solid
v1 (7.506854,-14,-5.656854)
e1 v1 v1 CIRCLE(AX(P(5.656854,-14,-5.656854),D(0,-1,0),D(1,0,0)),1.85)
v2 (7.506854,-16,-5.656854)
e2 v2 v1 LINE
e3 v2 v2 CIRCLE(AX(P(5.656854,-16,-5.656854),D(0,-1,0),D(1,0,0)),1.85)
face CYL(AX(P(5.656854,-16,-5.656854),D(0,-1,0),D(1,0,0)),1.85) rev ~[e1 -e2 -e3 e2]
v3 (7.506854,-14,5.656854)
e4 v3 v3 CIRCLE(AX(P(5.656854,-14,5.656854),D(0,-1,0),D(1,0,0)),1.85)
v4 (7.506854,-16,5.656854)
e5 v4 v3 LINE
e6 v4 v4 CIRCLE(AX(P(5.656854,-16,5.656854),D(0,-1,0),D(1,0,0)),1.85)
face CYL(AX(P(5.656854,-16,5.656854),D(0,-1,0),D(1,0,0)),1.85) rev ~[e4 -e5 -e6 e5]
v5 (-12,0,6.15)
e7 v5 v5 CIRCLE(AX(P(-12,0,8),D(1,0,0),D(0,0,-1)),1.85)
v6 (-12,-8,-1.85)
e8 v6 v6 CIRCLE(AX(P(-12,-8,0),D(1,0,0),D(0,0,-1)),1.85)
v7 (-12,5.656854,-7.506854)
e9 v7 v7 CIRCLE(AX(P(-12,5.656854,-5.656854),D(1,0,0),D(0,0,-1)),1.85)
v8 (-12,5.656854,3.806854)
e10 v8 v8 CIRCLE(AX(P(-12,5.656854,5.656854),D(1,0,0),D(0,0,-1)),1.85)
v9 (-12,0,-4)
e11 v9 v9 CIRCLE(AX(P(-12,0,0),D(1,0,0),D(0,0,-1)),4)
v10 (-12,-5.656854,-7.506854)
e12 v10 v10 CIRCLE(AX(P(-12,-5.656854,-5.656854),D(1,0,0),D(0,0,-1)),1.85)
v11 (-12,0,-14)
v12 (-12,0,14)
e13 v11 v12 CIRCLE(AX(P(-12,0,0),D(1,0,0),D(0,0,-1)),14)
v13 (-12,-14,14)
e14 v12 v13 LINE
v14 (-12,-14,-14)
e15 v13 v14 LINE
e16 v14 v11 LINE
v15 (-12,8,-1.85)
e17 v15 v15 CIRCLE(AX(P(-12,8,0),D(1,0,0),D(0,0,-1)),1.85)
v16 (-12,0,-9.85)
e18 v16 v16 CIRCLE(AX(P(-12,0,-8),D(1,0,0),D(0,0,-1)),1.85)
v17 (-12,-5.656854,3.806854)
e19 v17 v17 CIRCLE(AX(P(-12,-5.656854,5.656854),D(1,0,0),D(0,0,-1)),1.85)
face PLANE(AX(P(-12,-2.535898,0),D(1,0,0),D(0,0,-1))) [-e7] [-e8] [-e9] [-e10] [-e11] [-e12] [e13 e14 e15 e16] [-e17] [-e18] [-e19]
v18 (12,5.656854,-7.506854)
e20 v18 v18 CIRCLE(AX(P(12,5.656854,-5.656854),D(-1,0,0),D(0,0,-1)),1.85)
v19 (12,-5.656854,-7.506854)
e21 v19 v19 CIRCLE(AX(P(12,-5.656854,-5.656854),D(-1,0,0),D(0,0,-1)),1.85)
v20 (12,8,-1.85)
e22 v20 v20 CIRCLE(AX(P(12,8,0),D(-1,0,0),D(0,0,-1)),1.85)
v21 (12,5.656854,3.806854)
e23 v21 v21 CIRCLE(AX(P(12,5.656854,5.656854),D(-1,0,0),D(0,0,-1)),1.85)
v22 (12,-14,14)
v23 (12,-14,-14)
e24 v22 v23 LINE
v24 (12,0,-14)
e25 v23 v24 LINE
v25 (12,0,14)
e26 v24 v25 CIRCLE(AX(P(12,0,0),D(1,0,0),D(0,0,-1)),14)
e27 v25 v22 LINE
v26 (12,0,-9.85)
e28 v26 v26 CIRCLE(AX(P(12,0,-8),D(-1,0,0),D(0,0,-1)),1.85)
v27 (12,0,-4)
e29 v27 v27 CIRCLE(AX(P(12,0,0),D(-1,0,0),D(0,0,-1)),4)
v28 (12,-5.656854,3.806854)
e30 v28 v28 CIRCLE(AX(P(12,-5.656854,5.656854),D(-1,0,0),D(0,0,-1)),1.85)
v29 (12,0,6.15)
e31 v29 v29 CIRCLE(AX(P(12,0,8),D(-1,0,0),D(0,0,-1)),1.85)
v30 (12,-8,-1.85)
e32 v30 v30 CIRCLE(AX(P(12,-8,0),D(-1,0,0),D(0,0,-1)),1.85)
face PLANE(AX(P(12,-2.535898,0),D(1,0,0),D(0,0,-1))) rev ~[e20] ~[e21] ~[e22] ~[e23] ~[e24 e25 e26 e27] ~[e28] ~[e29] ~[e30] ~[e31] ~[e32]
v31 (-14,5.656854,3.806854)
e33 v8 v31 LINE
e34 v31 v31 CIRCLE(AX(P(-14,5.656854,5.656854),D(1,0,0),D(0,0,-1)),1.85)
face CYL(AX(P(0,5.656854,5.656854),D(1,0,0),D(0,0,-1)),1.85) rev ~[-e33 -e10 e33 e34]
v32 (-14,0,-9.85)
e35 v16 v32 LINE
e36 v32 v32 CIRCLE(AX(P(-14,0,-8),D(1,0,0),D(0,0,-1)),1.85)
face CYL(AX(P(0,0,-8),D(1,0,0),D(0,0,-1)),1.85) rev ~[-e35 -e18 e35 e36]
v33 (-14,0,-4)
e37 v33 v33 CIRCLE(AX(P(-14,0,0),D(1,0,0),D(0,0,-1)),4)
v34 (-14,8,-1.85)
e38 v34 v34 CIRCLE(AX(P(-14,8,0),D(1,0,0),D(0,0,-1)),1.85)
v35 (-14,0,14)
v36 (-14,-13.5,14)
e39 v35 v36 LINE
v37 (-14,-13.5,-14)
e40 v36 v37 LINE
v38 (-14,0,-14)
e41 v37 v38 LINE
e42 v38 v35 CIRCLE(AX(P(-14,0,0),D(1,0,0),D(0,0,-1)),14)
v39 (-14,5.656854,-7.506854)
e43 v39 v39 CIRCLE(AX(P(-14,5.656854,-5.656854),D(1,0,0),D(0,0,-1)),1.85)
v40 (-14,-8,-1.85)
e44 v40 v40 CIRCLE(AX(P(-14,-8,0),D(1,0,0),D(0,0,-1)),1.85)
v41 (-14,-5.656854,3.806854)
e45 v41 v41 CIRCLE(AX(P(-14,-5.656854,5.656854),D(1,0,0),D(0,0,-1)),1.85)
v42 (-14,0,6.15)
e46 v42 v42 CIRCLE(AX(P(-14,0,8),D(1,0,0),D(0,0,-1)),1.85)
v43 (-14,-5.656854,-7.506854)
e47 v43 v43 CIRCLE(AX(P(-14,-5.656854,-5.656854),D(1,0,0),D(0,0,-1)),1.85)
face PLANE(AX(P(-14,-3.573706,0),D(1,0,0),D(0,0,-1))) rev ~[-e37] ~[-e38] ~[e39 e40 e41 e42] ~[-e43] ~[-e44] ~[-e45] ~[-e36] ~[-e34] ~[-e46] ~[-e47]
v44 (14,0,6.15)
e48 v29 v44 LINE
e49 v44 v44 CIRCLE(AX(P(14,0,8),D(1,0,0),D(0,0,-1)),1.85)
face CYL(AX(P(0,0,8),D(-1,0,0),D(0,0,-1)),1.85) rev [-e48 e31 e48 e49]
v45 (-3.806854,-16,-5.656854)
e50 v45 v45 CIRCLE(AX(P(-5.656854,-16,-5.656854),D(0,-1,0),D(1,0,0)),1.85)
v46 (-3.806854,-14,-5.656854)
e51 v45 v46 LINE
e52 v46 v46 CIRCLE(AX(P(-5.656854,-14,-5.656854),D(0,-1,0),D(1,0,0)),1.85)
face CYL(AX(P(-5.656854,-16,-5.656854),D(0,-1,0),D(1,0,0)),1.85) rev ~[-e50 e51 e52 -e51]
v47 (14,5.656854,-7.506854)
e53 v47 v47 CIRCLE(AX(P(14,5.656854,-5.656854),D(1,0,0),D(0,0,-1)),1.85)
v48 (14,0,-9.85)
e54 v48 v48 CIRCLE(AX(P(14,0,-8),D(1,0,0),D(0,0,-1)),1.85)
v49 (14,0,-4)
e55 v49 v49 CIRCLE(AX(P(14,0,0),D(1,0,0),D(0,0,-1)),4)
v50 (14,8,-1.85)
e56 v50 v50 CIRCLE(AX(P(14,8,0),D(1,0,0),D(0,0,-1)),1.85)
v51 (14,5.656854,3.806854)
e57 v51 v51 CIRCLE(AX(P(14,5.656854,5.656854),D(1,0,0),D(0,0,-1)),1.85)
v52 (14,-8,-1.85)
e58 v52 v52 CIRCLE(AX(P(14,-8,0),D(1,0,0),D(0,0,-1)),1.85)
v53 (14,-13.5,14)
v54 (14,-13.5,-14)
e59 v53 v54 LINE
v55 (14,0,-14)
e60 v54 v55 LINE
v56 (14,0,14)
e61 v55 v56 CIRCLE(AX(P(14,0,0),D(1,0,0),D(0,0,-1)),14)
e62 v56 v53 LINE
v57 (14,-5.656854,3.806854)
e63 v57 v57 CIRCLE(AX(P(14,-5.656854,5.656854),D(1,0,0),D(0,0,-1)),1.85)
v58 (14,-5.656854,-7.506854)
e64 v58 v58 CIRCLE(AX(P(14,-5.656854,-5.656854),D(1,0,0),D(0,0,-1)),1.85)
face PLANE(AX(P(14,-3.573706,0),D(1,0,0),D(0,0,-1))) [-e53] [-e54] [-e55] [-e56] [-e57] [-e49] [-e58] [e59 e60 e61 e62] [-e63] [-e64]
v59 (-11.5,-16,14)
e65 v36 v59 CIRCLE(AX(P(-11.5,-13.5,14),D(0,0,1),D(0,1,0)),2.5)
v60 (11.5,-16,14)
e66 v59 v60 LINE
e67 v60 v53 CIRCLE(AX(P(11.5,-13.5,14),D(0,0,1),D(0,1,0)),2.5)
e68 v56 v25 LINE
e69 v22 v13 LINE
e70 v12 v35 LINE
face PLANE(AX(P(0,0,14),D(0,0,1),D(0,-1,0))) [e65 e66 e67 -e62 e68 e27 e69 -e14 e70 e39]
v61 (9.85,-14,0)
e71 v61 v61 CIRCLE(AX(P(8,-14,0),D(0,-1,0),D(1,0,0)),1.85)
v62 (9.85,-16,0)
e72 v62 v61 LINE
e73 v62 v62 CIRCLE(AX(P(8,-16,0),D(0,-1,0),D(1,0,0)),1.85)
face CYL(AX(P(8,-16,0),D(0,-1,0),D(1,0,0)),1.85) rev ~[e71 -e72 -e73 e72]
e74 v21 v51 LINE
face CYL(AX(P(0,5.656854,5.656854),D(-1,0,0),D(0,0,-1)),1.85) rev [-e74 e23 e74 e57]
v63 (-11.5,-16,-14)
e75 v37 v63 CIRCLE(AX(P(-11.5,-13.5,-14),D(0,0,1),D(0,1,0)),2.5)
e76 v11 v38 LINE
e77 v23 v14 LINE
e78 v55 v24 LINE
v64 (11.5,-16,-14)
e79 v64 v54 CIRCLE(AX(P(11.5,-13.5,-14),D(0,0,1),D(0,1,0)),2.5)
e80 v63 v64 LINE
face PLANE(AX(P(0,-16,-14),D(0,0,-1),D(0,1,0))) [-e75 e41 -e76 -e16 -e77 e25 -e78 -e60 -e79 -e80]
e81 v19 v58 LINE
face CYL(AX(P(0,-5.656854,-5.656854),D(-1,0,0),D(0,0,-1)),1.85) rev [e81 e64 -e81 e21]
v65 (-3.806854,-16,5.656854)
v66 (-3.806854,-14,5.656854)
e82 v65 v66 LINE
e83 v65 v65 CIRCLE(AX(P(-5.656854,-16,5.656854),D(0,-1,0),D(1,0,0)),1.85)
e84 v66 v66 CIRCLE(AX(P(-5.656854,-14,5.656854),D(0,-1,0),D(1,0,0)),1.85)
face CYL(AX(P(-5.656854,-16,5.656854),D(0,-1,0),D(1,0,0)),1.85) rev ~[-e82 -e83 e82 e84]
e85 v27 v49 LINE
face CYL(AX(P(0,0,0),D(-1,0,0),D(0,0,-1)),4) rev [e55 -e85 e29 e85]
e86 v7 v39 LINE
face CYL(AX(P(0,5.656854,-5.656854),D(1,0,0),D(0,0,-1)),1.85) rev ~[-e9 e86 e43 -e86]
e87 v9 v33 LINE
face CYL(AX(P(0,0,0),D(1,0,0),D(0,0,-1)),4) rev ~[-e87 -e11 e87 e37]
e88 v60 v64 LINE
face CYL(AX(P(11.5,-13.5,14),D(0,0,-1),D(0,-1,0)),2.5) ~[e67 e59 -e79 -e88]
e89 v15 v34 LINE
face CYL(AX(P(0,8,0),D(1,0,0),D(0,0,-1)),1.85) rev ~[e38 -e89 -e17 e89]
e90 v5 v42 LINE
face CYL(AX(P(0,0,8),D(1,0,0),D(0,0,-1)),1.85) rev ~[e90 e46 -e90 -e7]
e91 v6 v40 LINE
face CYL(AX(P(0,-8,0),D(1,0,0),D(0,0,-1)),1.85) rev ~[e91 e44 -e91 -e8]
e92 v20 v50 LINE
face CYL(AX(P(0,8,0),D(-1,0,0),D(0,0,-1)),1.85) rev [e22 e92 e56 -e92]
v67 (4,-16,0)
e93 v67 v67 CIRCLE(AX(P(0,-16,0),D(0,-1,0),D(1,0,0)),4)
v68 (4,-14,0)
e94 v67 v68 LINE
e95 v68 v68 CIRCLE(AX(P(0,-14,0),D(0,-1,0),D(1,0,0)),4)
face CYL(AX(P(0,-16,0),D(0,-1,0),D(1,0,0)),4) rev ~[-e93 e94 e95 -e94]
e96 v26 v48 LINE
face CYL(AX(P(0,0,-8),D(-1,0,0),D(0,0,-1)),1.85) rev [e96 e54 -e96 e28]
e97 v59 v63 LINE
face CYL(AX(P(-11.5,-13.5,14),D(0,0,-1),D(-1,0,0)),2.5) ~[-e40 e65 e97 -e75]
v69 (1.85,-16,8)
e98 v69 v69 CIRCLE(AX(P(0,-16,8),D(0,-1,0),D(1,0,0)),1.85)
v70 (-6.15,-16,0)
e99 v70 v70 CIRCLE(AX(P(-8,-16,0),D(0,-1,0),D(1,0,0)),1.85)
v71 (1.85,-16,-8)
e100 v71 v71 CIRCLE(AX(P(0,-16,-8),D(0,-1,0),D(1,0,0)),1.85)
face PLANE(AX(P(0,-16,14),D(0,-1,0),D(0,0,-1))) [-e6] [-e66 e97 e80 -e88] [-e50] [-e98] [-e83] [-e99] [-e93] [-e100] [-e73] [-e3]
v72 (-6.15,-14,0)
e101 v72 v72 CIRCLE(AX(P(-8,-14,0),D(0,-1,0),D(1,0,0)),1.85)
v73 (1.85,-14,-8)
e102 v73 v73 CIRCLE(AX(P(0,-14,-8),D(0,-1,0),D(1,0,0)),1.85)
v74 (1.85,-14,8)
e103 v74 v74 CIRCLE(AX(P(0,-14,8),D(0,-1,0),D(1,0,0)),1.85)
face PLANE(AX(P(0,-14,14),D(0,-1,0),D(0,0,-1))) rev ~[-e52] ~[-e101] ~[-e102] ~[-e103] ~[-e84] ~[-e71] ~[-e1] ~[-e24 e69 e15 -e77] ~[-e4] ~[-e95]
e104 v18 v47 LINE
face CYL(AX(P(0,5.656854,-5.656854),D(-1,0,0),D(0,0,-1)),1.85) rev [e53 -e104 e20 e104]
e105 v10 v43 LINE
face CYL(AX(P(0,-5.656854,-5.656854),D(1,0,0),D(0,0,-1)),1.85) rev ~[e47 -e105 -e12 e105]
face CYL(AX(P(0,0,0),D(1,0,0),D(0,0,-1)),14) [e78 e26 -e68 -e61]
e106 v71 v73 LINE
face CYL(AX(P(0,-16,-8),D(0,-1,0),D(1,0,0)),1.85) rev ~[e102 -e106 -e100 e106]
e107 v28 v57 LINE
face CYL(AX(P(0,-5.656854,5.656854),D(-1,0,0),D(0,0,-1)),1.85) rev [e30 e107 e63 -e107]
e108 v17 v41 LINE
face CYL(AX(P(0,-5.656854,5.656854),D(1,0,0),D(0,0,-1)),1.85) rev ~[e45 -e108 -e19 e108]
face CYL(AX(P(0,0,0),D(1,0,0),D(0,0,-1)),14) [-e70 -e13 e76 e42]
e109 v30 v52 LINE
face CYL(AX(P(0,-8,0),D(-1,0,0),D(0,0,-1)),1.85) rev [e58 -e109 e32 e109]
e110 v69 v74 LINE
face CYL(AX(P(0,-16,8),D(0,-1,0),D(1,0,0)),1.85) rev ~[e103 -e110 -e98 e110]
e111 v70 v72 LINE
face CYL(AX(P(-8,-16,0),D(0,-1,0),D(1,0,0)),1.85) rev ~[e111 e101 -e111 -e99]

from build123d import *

# Parameters (mm, degrees)
BOSS_EXTRUDE1_DEPTH      = 14
BOSS_EXTRUDE1_DEPTH_BACK = 14
SKETCH1_R                = 4
SKETCH1_R_2              = 1.85
CUT_EXTRUDE1_DEPTH       = 12
CUT_EXTRUDE1_DEPTH_BACK  = 12
SKETCH3_R                = 4
SKETCH3_R_2              = 1.85
CUT_EXTRUDE2_DEPTH       = 2
FILLET1_R                = 2.5


with BuildPart() as part:
    # Sketch1 → Boss-Extrude1 (new, two sides: drawn at the far end of the back side and taken through both)
    with BuildSketch(Plane(origin=(0, 0, 0), x_dir=(0, 0, -1), z_dir=(1, 0, 0)).offset(-BOSS_EXTRUDE1_DEPTH_BACK)):
        with BuildLine():
            Line((-14, 0), (-14, -16))
            Line((-14, -16), (14, -16))
            Line((14, -16), (14, 0))
            ThreePointArc((14, 0), (0, 14), (-14, 0))
        make_face()
        Circle(SKETCH1_R, mode=Mode.SUBTRACT)
        with Locations((0, 8)):
            Circle(SKETCH1_R_2, mode=Mode.SUBTRACT)
        with Locations((5.656854249, 5.656854249)):
            Circle(SKETCH1_R_2, mode=Mode.SUBTRACT)
        with Locations((8, 0)):
            Circle(SKETCH1_R_2, mode=Mode.SUBTRACT)
        with Locations((5.656854249, -5.656854249)):
            Circle(SKETCH1_R_2, mode=Mode.SUBTRACT)
        with Locations((0, -8)):
            Circle(SKETCH1_R_2, mode=Mode.SUBTRACT)
        with Locations((-5.656854249, -5.656854249)):
            Circle(SKETCH1_R_2, mode=Mode.SUBTRACT)
        with Locations((-8, 0)):
            Circle(SKETCH1_R_2, mode=Mode.SUBTRACT)
        with Locations((-5.656854249, 5.656854249)):
            Circle(SKETCH1_R_2, mode=Mode.SUBTRACT)
    extrude(amount=BOSS_EXTRUDE1_DEPTH + BOSS_EXTRUDE1_DEPTH_BACK)

    # Sketch2 → Cut-Extrude1 (cut, two sides: drawn at the far end of the back side and taken through both)
    with BuildSketch(Plane(origin=(0, 0, 0), x_dir=(0, 0, -1), z_dir=(1, 0, 0)).offset(-CUT_EXTRUDE1_DEPTH_BACK)):
        with BuildLine():
            Line((-14, 0), (-14, -14))
            Line((-14, -14), (14, -14))
            Line((14, -14), (14, 0))
            ThreePointArc((14, 0), (0, 14), (-14, 0))
        make_face()
    extrude(amount=CUT_EXTRUDE1_DEPTH + CUT_EXTRUDE1_DEPTH_BACK, mode=Mode.SUBTRACT)

    # Sketch3 → Cut-Extrude2 (cut)
    with BuildSketch(Plane.XZ.offset(16)):
        Circle(SKETCH3_R)
        with Locations((0, 8)):
            Circle(SKETCH3_R_2)
        with Locations((5.656854249, 5.656854249)):
            Circle(SKETCH3_R_2)
        with Locations((8, 0)):
            Circle(SKETCH3_R_2)
        with Locations((5.656854249, -5.656854249)):
            Circle(SKETCH3_R_2)
        with Locations((0, -8)):
            Circle(SKETCH3_R_2)
        with Locations((-5.656854249, -5.656854249)):
            Circle(SKETCH3_R_2)
        with Locations((-8, 0)):
            Circle(SKETCH3_R_2)
        with Locations((-5.656854249, 5.656854249)):
            Circle(SKETCH3_R_2)
    extrude(amount=-CUT_EXTRUDE2_DEPTH, mode=Mode.SUBTRACT)

    # Fillet1
    fillet1_edges = [part.edges().sort_by_distance(p)[0] for p in [
        (-14, -16, 0),
        (14, -16, 0),
    ]]
    fillet(fillet1_edges, radius=FILLET1_R)


solid = part.part
